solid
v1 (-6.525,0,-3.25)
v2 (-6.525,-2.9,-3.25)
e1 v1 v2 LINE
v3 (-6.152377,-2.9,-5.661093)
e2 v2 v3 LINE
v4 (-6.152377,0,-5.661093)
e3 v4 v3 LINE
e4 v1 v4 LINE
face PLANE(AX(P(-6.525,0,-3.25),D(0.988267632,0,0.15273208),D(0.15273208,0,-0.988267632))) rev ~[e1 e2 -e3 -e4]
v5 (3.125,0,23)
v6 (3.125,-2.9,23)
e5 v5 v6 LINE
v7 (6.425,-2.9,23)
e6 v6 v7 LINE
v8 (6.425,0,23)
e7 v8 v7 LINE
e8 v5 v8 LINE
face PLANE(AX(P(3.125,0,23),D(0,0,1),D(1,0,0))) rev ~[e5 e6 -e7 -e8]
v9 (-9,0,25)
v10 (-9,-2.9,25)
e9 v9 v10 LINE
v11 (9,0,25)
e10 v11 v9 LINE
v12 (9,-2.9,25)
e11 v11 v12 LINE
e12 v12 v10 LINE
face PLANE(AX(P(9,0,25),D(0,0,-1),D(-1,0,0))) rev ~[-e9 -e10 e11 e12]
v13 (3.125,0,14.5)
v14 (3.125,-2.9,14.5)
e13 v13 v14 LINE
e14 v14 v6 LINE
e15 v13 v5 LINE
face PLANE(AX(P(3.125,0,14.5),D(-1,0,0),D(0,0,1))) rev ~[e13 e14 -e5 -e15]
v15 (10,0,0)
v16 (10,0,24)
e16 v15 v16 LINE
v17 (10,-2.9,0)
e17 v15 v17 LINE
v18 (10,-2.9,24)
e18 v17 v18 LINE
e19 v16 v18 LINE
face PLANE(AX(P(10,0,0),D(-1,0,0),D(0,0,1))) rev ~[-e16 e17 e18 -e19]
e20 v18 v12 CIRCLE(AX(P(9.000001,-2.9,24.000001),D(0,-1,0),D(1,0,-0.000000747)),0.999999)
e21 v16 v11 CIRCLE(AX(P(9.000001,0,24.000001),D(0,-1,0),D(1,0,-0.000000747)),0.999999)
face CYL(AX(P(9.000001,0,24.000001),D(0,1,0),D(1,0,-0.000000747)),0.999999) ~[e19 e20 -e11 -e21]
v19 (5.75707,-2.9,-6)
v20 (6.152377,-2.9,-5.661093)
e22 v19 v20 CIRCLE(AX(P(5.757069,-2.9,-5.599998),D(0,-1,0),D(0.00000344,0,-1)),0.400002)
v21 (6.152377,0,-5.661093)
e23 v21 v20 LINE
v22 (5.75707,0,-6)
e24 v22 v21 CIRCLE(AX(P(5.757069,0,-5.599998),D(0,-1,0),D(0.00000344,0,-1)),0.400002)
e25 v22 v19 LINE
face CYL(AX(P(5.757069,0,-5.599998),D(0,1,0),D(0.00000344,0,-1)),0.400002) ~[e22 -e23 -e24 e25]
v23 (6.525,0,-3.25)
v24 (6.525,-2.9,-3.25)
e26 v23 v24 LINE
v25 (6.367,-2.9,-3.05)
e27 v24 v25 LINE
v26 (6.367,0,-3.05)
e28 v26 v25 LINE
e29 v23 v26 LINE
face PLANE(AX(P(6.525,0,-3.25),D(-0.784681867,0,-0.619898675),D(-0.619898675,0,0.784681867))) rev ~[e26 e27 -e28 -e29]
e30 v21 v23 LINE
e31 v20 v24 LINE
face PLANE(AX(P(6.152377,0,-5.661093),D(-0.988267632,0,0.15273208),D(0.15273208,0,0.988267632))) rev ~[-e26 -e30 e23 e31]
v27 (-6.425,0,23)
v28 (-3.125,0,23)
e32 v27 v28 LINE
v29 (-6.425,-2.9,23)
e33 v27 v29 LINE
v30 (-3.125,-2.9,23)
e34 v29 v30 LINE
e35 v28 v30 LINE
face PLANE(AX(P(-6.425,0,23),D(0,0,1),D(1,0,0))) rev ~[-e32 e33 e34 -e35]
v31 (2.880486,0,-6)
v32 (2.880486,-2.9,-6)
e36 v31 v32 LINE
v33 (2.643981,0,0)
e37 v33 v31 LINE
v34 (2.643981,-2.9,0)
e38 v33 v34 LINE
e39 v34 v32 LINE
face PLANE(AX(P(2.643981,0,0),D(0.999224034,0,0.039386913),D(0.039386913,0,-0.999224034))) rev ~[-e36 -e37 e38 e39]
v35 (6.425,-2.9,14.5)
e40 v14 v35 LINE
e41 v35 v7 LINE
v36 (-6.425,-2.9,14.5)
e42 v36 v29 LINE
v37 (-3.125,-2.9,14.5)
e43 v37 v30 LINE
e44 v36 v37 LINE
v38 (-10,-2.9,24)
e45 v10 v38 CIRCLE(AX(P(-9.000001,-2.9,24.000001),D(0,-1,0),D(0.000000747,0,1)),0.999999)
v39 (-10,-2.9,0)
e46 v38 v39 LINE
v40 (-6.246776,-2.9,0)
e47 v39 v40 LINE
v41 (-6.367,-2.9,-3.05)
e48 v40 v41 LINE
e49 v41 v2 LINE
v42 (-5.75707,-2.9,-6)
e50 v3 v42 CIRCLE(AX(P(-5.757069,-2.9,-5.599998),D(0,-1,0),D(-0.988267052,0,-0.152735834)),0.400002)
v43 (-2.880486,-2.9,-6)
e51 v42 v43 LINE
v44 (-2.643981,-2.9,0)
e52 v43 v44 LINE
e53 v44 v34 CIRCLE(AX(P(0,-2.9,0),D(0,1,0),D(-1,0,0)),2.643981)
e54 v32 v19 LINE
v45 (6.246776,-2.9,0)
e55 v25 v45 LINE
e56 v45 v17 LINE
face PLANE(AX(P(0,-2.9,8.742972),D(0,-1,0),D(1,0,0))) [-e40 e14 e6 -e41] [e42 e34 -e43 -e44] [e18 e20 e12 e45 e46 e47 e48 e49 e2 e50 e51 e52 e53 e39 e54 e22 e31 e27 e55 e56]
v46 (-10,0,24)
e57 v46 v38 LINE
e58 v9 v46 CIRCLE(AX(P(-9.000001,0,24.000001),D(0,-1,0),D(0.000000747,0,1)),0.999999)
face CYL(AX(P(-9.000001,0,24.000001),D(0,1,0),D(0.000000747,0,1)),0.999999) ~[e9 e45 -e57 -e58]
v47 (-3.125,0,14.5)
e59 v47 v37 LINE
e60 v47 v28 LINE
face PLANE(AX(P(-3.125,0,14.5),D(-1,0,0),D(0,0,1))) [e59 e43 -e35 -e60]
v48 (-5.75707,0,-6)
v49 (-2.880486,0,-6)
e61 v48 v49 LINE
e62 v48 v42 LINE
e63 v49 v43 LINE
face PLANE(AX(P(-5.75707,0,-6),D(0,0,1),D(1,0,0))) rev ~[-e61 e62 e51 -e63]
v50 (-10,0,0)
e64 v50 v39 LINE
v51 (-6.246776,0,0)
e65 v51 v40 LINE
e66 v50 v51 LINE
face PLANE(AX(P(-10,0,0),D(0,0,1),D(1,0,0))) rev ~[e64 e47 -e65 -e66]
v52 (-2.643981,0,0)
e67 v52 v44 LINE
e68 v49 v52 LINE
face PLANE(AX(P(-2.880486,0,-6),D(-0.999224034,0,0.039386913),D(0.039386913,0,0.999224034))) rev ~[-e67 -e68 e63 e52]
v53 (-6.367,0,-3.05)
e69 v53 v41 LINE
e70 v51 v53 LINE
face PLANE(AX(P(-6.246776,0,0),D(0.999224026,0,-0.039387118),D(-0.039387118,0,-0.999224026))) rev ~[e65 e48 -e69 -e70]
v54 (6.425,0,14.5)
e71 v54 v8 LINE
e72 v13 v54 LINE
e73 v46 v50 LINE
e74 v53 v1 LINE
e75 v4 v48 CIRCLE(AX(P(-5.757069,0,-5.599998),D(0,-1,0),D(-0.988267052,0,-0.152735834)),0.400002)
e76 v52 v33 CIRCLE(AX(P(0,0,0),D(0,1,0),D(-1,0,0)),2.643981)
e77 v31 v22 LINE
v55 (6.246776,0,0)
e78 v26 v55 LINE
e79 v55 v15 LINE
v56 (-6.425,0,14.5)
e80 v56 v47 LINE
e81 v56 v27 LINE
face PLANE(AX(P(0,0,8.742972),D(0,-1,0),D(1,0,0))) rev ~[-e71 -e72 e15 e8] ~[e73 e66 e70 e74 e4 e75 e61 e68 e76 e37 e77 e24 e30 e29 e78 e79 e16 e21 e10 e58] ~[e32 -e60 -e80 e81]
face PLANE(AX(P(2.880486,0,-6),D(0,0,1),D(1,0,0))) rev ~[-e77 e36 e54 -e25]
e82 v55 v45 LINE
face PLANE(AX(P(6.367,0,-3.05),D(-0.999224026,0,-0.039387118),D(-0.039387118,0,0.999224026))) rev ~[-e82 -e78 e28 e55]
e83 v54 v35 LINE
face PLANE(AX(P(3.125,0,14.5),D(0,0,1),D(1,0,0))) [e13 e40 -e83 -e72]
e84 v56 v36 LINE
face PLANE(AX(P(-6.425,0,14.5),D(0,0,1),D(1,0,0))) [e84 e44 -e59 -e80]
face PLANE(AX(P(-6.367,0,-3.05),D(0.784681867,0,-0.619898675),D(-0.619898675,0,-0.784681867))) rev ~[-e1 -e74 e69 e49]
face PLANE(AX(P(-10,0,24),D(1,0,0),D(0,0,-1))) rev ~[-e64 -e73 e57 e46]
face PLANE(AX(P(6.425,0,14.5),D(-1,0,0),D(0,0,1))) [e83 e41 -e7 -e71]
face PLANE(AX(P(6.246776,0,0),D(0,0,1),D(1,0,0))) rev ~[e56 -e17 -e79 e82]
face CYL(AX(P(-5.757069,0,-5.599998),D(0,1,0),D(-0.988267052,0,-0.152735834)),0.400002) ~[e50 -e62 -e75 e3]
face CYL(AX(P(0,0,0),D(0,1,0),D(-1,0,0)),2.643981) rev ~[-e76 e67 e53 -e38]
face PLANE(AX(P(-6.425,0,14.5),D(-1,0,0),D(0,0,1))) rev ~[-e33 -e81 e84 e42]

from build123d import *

# Parameters (mm, degrees)
F0_W     = 3.3
F0_H     = 8.5
F1_DEPTH = 2.9


with BuildPart() as f1:
    # F0 (on Front) → F1 (new body)
    with BuildSketch(Plane.XZ):
        with BuildLine():
            Line((-10, 24), (-10, 0))
            Line((-10, 0), (-6.246776, 0))
            Line((-6.246776, 0), (-6.367, -3.05))
            Line((-6.367, -3.05), (-6.525, -3.25))
            Line((-6.525, -3.25), (-6.152377, -5.661093))
            ThreePointArc((-6.152377, -5.661093), (-6.017418, -5.903675), (-5.75707, -6))
            Line((-5.75707, -6), (-2.880486, -6))
            Line((-2.880486, -6), (-2.643981, 0))
            ThreePointArc((-2.643981, 0), (0, 2.643981), (2.643981, 0))
            Line((2.643981, 0), (2.880486, -6))
            Line((2.880486, -6), (5.75707, -6))
            ThreePointArc((5.75707, -6), (6.017418, -5.903675), (6.152377, -5.661093))
            Line((6.152377, -5.661093), (6.525, -3.25))
            Line((6.525, -3.25), (6.367, -3.05))
            Line((6.367, -3.05), (6.246776, 0))
            Line((6.246776, 0), (10, 0))
            Line((10, 0), (10, 24))
            ThreePointArc((10, 24), (9.707107, 24.707107), (9, 25))
            Line((9, 25), (-9, 25))
            ThreePointArc((-9, 25), (-9.707107, 24.707107), (-10, 24))
        make_face()
        with Locations((-4.775, 18.75)):
            Rectangle(F0_W, F0_H, mode=Mode.SUBTRACT)
        with Locations((4.775, 18.75)):
            Rectangle(F0_W, F0_H, mode=Mode.SUBTRACT)
    extrude(amount=F1_DEPTH)


solid = f1.part
